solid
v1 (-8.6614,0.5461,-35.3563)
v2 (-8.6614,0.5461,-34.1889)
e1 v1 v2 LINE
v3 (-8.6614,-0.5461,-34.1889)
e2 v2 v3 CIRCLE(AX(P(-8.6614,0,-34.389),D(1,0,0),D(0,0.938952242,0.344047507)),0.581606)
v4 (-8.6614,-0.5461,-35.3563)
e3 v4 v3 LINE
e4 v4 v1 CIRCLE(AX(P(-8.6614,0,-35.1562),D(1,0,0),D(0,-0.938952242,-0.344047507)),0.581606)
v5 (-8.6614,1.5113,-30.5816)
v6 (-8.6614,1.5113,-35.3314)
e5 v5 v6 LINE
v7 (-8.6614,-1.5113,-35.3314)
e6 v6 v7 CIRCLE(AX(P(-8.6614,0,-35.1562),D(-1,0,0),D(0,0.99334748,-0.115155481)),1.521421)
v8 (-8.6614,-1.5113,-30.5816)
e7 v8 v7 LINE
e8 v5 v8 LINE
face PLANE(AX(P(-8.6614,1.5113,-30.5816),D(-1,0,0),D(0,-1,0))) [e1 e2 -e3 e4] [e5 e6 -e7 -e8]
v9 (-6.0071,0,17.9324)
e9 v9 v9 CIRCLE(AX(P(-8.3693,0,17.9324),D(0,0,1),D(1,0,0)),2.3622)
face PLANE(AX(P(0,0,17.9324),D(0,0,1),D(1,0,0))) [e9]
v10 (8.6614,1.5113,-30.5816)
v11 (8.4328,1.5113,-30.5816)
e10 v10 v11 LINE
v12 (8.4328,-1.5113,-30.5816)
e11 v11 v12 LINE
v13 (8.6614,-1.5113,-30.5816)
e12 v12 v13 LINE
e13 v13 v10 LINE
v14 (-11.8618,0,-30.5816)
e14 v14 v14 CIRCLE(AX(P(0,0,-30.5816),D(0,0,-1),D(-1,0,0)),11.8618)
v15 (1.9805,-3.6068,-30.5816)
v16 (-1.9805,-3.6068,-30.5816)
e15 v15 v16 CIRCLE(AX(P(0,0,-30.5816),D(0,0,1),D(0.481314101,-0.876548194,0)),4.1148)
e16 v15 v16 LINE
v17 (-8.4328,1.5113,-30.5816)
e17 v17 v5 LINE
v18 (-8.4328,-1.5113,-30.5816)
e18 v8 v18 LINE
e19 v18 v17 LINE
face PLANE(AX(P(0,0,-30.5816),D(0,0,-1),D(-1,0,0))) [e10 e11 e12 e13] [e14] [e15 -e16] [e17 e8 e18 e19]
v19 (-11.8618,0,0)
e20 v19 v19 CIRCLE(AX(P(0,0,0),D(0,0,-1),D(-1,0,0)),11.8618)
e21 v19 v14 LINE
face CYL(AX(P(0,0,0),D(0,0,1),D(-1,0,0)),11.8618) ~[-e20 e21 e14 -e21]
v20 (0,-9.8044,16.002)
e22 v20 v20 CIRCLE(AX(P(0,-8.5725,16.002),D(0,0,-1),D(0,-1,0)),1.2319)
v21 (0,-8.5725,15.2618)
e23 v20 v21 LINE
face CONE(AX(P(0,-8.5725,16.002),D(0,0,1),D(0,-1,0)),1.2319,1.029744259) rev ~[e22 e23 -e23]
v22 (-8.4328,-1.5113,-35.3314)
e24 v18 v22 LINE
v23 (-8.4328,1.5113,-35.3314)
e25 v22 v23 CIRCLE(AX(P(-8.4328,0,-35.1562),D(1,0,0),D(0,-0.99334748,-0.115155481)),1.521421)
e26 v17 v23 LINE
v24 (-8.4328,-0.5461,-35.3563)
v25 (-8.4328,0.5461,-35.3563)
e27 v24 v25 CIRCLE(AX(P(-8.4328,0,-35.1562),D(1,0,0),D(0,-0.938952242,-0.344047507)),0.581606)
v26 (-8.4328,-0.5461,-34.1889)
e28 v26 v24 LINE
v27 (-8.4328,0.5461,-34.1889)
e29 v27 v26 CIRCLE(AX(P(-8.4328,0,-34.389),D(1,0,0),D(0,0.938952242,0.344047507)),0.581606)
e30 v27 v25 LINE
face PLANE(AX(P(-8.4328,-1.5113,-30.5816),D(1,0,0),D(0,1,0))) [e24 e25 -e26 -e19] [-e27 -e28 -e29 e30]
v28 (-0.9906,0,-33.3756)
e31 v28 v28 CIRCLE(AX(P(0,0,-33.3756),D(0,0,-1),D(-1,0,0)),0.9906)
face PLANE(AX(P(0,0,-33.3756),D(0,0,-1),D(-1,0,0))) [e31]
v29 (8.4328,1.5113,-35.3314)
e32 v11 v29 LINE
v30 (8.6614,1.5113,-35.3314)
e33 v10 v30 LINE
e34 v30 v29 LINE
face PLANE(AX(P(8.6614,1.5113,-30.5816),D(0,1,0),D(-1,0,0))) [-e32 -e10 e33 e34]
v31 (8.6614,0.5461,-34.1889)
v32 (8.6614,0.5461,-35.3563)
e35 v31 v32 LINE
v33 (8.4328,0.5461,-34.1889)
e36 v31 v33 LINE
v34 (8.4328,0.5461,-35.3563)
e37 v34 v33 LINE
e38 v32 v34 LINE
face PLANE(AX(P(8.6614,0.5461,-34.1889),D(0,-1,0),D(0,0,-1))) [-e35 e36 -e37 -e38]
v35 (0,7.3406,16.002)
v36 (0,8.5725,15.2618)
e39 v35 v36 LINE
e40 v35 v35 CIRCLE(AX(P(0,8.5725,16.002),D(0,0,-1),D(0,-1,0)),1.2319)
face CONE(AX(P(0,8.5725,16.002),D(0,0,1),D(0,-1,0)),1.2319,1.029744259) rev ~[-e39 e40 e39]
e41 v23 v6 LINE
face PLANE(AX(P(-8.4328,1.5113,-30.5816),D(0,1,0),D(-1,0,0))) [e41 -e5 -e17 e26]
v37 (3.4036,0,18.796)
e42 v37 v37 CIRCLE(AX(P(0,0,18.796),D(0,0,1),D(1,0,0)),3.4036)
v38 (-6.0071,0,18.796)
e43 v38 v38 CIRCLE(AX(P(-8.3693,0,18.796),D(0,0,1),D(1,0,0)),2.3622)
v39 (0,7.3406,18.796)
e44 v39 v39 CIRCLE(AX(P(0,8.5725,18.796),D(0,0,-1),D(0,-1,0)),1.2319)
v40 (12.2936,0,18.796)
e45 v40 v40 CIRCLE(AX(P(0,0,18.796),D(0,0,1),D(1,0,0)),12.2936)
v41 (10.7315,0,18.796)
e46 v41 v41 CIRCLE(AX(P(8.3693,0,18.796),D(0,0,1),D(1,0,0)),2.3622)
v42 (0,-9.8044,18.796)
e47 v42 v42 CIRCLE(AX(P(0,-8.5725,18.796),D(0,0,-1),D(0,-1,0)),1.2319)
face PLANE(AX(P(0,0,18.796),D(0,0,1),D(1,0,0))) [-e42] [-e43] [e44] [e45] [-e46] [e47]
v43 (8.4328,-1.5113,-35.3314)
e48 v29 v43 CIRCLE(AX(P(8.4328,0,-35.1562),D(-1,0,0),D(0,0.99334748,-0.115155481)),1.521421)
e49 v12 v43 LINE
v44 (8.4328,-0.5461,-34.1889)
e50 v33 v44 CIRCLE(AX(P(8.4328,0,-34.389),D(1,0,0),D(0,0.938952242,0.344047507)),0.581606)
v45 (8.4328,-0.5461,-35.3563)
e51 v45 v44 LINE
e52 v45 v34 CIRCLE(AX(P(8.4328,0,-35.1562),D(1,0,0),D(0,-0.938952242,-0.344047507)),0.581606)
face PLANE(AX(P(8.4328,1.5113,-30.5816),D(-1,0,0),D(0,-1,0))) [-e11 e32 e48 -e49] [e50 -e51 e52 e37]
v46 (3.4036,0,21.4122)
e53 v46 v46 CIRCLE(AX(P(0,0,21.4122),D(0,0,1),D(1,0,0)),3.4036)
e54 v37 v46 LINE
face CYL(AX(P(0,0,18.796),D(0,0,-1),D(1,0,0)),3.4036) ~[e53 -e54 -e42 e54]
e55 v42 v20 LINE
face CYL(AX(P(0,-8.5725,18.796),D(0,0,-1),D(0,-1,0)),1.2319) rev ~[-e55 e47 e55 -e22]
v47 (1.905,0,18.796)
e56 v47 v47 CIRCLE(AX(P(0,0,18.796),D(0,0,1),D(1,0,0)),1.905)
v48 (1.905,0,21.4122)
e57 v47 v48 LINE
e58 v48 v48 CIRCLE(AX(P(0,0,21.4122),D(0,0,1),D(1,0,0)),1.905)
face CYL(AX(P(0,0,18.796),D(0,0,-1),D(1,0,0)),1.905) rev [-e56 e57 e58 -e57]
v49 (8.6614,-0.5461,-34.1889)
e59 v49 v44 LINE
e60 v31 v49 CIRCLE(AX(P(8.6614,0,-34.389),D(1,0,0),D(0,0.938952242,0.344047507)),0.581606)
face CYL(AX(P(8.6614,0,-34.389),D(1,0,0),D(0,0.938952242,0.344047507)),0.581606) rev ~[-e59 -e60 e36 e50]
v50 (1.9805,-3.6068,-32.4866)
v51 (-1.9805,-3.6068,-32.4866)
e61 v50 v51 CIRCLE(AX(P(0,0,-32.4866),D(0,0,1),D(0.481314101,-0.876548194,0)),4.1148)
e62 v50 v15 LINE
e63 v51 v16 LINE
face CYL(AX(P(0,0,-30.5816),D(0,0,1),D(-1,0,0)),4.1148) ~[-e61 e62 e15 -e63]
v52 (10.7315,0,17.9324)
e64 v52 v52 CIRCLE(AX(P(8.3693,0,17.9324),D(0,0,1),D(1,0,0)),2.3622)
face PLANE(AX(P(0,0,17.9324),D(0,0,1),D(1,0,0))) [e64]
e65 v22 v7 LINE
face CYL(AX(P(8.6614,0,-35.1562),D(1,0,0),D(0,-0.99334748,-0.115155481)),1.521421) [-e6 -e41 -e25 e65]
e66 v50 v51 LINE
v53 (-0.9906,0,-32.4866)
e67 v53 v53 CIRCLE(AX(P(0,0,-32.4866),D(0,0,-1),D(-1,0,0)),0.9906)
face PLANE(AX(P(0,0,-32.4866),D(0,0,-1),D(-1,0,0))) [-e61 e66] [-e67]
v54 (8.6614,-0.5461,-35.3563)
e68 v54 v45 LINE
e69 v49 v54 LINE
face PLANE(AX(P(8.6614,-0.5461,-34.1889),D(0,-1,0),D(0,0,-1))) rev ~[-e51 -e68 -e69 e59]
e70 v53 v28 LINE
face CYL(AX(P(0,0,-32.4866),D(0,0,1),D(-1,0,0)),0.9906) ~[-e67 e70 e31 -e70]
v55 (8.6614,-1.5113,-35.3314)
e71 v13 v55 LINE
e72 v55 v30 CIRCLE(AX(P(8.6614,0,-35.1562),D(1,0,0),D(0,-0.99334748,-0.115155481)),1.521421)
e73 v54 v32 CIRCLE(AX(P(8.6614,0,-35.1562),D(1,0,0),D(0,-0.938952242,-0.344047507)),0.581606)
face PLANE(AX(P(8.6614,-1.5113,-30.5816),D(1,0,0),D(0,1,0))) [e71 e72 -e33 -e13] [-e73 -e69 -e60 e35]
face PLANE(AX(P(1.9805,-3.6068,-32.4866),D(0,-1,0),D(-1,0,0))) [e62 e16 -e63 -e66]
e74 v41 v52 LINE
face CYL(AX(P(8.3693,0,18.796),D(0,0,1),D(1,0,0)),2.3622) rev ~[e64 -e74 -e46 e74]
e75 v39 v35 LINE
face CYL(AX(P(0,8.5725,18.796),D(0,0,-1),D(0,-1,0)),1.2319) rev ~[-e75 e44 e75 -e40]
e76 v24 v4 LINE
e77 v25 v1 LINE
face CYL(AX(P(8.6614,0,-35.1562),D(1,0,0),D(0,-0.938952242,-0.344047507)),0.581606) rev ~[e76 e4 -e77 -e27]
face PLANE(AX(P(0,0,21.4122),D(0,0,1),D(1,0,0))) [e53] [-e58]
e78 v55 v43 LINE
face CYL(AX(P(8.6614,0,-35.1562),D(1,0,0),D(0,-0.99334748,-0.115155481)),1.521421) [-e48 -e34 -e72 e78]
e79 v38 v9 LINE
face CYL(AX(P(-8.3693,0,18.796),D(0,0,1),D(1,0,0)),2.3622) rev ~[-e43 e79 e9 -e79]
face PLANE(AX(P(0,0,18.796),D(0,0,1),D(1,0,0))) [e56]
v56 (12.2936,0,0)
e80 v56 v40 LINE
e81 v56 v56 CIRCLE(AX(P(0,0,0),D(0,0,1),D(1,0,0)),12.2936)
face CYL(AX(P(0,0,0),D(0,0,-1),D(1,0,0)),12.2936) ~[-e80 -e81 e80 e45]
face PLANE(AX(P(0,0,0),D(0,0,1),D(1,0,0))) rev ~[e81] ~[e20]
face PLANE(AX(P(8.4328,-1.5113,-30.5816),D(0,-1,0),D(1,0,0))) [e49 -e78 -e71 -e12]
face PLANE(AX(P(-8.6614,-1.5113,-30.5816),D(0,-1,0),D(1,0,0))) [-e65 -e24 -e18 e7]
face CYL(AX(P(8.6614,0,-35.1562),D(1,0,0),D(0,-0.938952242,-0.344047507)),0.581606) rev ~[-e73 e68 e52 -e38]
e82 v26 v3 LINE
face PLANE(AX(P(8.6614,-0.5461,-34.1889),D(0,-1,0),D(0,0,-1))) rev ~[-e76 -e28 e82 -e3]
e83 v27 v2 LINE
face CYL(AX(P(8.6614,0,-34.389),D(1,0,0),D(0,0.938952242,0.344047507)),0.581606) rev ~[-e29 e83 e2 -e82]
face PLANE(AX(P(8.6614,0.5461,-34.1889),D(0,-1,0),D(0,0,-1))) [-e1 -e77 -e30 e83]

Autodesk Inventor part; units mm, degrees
ref_plane "YZ Plane" through (0, 0, 0) normal (1, 0, 0) x (0, 1, 0)
ref_plane "XZ Plane" through (0, 0, 0) normal (0, 1, 0) x (-1, 0, 0)
ref_plane "XY Plane" through (0, 0, 0) normal (0, 0, 1) x (1, 0, 0)
sketch "Sketch1" plane through (0, 0, 0) normal (0, 0, 1) x (1, 0, 0)
  circle A0 centre (0, 0) radius 12.2936
  dimension "d0" = 24.5872
extrude "Extrusion1" add sketch "Sketch1" along normal blind 18.796
sketch "Sketch2" plane through (0, 0, 18.796) normal (0, 0, 1) x (1, 0, 0)
  circle A0 centre (0, 0) radius 12.2936 projected
  circle A1 centre (0, 0) radius 3.4036
  circle A2 centre (0, 0) radius 1.905
  dimension "d3" = 6.8072
  dimension "d6" = 3.81
extrude "Extrusion3" add sketch "Sketch2" along normal blind 2.6162 contours A1
sketch "Sketch3" plane through (0, 0, 18.796) normal (0, 0, 1) x (1, 0, 0)
  circle A0 centre (0, 0) radius 12.2936 projected
  point P0 (0, 8.5725)
  point P1 (0, -8.5725)
  dimension "d9" = 17.145
  dimension "d10" = 8.5725
hole "Hole1" at (0, 8.5725, 18.796) at (0, -8.5725, 18.796) direction (0, 0, -1) diameter 2.4638 depth 2.794 tip angle 118
sketch "Sketch4" plane through (0, 0, 0) normal (0, 0, -1) x (-1, 0, 0)
  circle A0 centre (0, 0) radius 12.2936 projected
  circle A1 centre (0, 0) radius 11.8618
  dimension "d18" = 23.7236
extrude "Extrusion4" add sketch "Sketch4" along normal blind 30.5816 contours A1
sketch "Sketch5" plane through (0, 0, -30.5816) normal (0, 0, -1) x (-1, 0, 0)
  circle A0 centre (0, 0) radius 11.8618 projected
  circle A1 centre (0, 0) radius 4.1148
  dimension "d21" = 8.2296
extrude "Extrusion5" add sketch "Sketch5" along normal blind 1.905 contours A1
sketch "Sketch6" plane through (0, 0, -32.4866) normal (0, 0, -1) x (-1, 0, 0)
  circle A0 centre (0, 0) radius 4.1148 projected
  line L0 (-1.9805, -3.6068) -> (1.9805, -3.6068)
  dimension "d24" = 3.6068
  dimension "d25" = 8.2296
extrude "Extrusion6" cut sketch "Sketch6" against normal up to surface (1.905 mm away) contours L0 A0 picked at (-0.407, -3.7143)
sketch "Sketch7" plane through (0, 0, -32.4866) normal (0, 0, -1) x (-1, 0, 0)
  arc A0 (1.9805, -3.6068) -> (-1.9805, -3.6068) centre (0, 0) ccw projected
  circle A1 centre (0, 0) radius 0.9906
  dimension "d28" = 1.9812
extrude "Extrusion7" add sketch "Sketch7" along normal blind 0.889
sketch "Sketch8" plane through (0, 0, -30.5816) normal (0, 0, -1) x (-1, 0, 0)
  arc A0 (1.9805, -3.6068) -> (-1.9805, -3.6068) centre (0, 0) ccw projected
  line L0 (-8.6614, 1.5113) -> (-8.4328, 1.5113)
  line L1 (-8.4328, 1.5113) -> (-8.4328, -1.5113)
  line L2 (-8.4328, -1.5113) -> (-8.6614, -1.5113)
  line L3 (-8.6614, -1.5113) -> (-8.6614, 1.5113)
  line L4 (8.4328, 1.5113) -> (8.6614, 1.5113)
  line L5 (8.6614, 1.5113) -> (8.6614, -1.5113)
  line L6 (8.6614, -1.5113) -> (8.4328, -1.5113)
  line L7 (8.4328, -1.5113) -> (8.4328, 1.5113)
  point P0 (-8.4328, 0)
  point P1 (8.4328, 0)
  dimension "d31" = 0.2286
  dimension "d32" = 16.8656
  dimension "d33" = 3.0226
  dimension "d34" = 8.4328
extrude "Extrusion8" add sketch "Sketch8" along normal blind 6.096
sketch "Sketch9" plane through (8.6614, -1.5113, -30.5816) normal (1, 0, 0) x (0, 0, -1)
  line L0 (0, 0) -> (0, 3.0226) projected
  line L1 (0, 0) -> (6.096, 0) projected
  line L2 (6.096, 3.0226) -> (6.096, 0) projected
  line L3 (0, 3.0226) -> (6.096, 3.0226) projected
  arc A0 (4.7498, 0) -> (4.7498, 3.0226) centre (4.5746, 1.5113) ccw
  point P0 (-30.5816, 1.5113)
  dimension "d37" = 1.3462
extrude "Extrusion9" cut sketch "Sketch9" against normal through all contours A0 L2 L1 | L3 L2 A0
sketch "Sketch10" plane through (8.6614, -1.5113, -30.5816) normal (1, 0, 0) x (0, 0, -1)
  arc A0 (4.7498, 0) -> (4.7498, 3.0226) centre (4.5746, 1.5113) ccw projected
  line L0 (0, 0) -> (4.7498, 0) projected
  arc A1 (4.7747, 0.9652) -> (4.7747, 2.0574) centre (4.5746, 1.5113) ccw
  line L1 (3.6073, 0.9652) -> (4.7747, 0.9652)
  line L2 (3.6073, 2.0574) -> (4.7747, 2.0574)
  arc A2 (3.6073, 2.0574) -> (3.6073, 0.9652) centre (3.8074, 1.5113) ccw
  point P0 (-30.5816, 1.5113)
  dimension "d41" = 0.9398
  dimension "d42" = 0.5816
  dimension "d45" = 0.9652
  dimension "d46" = 0.5816
  dimension "d47" = 1.9304
extrude "Extrusion10" cut sketch "Sketch10" against normal through all
sketch "Sketch11" plane through (0, 0, 18.796) normal (0, 0, 1) x (1, 0, 0)
  circle A0 centre (0, 0) radius 12.2936 projected
  circle A1 centre (-8.3693, 0) radius 2.3622
  circle A2 centre (8.3693, 0) radius 2.3622
  dimension "d50" = 4.7244
  dimension "d51" = 12.0142
  dimension "d53" = 16.7386
  dimension "d54" = 8.3693
extrude "Extrusion11" cut sketch "Sketch11" against normal blind 0.8636 contours A1 | A2
equation "\"d10\" = 0.5 * d9"
equation "\"d34\" = 0.5 * d32"
equation "\"d46\" = d42"
equation "\"d54\" = 0.5 * d53"
properties part number "Motor Body"
